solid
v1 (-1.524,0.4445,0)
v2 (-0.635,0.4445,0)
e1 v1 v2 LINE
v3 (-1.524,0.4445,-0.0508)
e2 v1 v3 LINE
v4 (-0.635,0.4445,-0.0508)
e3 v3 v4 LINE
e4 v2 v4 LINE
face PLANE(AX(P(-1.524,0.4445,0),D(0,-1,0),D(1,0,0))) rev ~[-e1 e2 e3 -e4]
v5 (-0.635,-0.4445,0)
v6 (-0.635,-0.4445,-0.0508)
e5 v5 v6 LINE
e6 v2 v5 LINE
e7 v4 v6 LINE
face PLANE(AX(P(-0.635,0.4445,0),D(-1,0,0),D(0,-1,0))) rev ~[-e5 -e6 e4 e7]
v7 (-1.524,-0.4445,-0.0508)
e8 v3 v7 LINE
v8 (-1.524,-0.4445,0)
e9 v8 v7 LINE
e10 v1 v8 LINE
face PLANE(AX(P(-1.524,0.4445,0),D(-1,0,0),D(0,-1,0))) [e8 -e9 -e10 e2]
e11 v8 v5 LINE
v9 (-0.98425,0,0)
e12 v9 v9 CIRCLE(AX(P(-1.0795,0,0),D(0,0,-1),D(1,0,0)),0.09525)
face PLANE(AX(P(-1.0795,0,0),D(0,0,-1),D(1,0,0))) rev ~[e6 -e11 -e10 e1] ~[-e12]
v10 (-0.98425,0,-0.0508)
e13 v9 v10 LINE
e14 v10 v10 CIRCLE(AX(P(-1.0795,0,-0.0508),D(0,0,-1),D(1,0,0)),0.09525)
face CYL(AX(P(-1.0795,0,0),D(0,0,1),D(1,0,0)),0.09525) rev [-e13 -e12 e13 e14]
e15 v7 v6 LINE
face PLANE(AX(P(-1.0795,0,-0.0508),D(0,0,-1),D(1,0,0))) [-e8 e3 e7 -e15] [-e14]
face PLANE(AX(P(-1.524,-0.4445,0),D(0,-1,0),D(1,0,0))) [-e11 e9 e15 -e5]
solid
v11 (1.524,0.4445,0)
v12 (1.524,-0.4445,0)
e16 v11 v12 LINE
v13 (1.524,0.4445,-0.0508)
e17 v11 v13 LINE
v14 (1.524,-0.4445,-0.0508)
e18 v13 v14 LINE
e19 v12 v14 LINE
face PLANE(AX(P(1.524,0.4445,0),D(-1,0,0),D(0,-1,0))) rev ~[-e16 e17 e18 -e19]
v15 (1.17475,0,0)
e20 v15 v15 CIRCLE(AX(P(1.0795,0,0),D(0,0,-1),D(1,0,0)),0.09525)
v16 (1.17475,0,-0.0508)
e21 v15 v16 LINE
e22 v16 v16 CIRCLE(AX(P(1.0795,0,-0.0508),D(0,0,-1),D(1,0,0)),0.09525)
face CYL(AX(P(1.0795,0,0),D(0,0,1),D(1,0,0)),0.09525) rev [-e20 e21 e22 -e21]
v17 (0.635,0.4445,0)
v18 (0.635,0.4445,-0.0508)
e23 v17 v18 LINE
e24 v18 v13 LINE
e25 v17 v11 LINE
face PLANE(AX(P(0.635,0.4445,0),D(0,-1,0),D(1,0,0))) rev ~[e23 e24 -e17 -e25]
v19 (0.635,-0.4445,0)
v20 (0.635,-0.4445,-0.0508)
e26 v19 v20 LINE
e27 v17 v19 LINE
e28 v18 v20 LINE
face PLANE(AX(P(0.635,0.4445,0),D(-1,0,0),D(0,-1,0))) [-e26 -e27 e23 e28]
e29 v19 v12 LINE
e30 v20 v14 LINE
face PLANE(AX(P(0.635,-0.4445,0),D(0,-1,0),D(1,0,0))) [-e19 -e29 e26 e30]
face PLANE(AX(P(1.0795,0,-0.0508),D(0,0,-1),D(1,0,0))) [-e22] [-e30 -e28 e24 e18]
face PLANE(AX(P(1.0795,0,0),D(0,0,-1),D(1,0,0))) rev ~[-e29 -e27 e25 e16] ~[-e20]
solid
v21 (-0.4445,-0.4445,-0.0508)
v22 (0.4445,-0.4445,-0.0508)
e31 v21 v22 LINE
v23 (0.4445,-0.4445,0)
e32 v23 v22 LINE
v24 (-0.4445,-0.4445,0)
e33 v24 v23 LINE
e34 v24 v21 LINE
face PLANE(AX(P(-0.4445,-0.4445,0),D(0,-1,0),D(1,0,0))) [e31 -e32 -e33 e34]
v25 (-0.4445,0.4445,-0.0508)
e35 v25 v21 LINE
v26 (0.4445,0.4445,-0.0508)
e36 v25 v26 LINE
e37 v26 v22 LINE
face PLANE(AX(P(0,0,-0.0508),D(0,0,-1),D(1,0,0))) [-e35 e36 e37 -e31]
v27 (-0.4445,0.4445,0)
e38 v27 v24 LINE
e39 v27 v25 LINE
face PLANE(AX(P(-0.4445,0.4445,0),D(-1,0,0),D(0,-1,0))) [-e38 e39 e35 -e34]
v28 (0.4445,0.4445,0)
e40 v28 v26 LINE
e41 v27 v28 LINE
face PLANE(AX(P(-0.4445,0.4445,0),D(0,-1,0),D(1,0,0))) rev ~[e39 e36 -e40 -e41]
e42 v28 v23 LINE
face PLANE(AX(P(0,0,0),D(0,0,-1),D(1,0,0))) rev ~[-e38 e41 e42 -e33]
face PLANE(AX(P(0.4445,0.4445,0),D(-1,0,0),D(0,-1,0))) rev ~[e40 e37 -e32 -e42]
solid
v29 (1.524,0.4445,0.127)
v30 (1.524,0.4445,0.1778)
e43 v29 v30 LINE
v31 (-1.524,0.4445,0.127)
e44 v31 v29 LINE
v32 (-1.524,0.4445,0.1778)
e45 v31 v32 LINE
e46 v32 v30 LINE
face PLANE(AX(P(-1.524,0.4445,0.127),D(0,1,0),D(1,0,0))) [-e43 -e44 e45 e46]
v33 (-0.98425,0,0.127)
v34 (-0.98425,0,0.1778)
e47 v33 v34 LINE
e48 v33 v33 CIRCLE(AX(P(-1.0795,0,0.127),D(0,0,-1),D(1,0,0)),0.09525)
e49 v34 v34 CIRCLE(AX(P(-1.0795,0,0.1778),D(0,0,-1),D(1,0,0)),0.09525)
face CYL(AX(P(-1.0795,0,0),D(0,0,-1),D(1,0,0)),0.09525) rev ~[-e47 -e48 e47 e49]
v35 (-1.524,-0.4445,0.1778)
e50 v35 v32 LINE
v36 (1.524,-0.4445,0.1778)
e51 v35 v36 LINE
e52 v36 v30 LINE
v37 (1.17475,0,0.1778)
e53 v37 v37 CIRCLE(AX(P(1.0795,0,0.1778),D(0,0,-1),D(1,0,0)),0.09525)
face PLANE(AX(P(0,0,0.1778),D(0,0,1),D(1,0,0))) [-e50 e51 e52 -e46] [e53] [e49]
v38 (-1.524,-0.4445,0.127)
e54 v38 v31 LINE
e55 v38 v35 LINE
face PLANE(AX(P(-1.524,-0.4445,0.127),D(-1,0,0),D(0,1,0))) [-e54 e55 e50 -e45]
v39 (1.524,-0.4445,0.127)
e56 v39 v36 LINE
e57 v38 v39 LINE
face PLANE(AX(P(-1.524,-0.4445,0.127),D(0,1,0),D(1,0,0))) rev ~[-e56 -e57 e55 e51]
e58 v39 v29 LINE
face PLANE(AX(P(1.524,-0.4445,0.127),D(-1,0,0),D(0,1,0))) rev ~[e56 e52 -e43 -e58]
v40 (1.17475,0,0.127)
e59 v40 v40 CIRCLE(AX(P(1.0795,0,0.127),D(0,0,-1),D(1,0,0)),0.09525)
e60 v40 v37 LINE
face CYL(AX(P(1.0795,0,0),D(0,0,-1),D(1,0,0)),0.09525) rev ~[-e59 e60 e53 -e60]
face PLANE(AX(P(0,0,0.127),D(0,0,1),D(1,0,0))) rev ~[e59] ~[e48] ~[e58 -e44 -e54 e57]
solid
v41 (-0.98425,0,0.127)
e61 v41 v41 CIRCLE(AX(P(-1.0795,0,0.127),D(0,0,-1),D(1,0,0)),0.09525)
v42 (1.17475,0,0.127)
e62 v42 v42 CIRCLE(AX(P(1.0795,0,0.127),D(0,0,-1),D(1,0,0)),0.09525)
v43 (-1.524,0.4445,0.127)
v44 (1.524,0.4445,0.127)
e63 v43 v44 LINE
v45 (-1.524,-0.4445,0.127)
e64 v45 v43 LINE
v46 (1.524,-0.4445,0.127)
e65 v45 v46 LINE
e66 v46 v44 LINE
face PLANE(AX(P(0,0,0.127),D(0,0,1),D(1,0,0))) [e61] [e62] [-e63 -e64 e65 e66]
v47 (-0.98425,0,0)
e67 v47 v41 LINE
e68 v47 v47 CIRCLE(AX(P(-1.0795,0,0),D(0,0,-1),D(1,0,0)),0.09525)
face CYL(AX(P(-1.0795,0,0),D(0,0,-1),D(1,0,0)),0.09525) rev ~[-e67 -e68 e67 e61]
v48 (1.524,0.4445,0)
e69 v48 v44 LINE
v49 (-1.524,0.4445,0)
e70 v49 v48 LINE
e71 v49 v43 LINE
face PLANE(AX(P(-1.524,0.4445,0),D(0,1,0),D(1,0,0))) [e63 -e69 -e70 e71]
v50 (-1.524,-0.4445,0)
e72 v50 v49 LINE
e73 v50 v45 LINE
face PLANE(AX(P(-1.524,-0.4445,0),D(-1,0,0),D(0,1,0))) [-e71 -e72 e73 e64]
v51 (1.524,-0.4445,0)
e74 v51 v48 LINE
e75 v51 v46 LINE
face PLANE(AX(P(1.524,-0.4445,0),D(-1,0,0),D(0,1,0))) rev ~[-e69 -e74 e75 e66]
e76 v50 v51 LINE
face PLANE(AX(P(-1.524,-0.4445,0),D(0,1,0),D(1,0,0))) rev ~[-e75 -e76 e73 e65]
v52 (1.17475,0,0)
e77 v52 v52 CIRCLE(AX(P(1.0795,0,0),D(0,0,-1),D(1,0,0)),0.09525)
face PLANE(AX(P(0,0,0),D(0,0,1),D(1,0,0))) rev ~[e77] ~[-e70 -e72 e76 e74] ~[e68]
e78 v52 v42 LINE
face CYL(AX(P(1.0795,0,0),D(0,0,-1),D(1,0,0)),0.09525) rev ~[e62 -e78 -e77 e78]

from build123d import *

# Parameters (mm, degrees)
F0_W     = 3.048
F0_H     = 0.889
F1_DEPTH = 0.127
F2_W     = 3.048
F2_H     = 0.889
F3_DEPTH = 0.0508
F4_W     = 0.889
F4_H     = 0.889
F4_R     = 0.09525
F5_DEPTH = 0.0508
F6_R     = 0.09525
F7_DEPTH = 0.1788


with BuildPart() as f1:
    # F0 (on Top) → F1 (new body)
    with BuildSketch(Plane.XY):
        Rectangle(F0_W, F0_H)
    extrude(amount=F1_DEPTH)


with BuildPart() as f3:
    # F2 (on face) → F3 (new body)
    with BuildSketch(Plane.XY.offset(0.127)):
        Rectangle(F2_W, F2_H)
    extrude(amount=F3_DEPTH)


with BuildPart() as f5:
    # F4 (on face) → F5 (new body)
    with BuildSketch(Plane(origin=(0, 0, 0), x_dir=(1, 0, 0), z_dir=(0, 0, -1))):
        with Locations((-1.0795, 0)):
            Rectangle(F4_W, F4_H)
        with Locations((-1.0795, 0)):
            Circle(F4_R, mode=Mode.SUBTRACT)
        Rectangle(F4_W, F4_H)
        with Locations((1.0795, 0)):
            Rectangle(F4_W, F4_H)
        with Locations((1.0795, 0)):
            Circle(F4_R, mode=Mode.SUBTRACT)
    extrude(amount=F5_DEPTH)


with BuildPart() as f7_tool:
    # F6 (on face) → F7 (new body, through all)
    with BuildSketch(Plane(origin=(0, 0, 0), x_dir=(1, 0, 0), z_dir=(0, 0, -1))):
        with Locations((-1.0795, 0)):
            Circle(F6_R)
        with Locations((1.0795, 0)):
            Circle(F6_R)
    extrude(amount=-F7_DEPTH)


with BuildPart() as f1_1:
    add(f1.part)

    # F7: cut by f7_tool
    add(f7_tool.part, mode=Mode.SUBTRACT)


with BuildPart() as f3_1:
    add(f3.part)

    # F7: cut by f7_tool
    add(f7_tool.part, mode=Mode.SUBTRACT)


solid = Compound([f5.part, f1_1.part, f3_1.part])
